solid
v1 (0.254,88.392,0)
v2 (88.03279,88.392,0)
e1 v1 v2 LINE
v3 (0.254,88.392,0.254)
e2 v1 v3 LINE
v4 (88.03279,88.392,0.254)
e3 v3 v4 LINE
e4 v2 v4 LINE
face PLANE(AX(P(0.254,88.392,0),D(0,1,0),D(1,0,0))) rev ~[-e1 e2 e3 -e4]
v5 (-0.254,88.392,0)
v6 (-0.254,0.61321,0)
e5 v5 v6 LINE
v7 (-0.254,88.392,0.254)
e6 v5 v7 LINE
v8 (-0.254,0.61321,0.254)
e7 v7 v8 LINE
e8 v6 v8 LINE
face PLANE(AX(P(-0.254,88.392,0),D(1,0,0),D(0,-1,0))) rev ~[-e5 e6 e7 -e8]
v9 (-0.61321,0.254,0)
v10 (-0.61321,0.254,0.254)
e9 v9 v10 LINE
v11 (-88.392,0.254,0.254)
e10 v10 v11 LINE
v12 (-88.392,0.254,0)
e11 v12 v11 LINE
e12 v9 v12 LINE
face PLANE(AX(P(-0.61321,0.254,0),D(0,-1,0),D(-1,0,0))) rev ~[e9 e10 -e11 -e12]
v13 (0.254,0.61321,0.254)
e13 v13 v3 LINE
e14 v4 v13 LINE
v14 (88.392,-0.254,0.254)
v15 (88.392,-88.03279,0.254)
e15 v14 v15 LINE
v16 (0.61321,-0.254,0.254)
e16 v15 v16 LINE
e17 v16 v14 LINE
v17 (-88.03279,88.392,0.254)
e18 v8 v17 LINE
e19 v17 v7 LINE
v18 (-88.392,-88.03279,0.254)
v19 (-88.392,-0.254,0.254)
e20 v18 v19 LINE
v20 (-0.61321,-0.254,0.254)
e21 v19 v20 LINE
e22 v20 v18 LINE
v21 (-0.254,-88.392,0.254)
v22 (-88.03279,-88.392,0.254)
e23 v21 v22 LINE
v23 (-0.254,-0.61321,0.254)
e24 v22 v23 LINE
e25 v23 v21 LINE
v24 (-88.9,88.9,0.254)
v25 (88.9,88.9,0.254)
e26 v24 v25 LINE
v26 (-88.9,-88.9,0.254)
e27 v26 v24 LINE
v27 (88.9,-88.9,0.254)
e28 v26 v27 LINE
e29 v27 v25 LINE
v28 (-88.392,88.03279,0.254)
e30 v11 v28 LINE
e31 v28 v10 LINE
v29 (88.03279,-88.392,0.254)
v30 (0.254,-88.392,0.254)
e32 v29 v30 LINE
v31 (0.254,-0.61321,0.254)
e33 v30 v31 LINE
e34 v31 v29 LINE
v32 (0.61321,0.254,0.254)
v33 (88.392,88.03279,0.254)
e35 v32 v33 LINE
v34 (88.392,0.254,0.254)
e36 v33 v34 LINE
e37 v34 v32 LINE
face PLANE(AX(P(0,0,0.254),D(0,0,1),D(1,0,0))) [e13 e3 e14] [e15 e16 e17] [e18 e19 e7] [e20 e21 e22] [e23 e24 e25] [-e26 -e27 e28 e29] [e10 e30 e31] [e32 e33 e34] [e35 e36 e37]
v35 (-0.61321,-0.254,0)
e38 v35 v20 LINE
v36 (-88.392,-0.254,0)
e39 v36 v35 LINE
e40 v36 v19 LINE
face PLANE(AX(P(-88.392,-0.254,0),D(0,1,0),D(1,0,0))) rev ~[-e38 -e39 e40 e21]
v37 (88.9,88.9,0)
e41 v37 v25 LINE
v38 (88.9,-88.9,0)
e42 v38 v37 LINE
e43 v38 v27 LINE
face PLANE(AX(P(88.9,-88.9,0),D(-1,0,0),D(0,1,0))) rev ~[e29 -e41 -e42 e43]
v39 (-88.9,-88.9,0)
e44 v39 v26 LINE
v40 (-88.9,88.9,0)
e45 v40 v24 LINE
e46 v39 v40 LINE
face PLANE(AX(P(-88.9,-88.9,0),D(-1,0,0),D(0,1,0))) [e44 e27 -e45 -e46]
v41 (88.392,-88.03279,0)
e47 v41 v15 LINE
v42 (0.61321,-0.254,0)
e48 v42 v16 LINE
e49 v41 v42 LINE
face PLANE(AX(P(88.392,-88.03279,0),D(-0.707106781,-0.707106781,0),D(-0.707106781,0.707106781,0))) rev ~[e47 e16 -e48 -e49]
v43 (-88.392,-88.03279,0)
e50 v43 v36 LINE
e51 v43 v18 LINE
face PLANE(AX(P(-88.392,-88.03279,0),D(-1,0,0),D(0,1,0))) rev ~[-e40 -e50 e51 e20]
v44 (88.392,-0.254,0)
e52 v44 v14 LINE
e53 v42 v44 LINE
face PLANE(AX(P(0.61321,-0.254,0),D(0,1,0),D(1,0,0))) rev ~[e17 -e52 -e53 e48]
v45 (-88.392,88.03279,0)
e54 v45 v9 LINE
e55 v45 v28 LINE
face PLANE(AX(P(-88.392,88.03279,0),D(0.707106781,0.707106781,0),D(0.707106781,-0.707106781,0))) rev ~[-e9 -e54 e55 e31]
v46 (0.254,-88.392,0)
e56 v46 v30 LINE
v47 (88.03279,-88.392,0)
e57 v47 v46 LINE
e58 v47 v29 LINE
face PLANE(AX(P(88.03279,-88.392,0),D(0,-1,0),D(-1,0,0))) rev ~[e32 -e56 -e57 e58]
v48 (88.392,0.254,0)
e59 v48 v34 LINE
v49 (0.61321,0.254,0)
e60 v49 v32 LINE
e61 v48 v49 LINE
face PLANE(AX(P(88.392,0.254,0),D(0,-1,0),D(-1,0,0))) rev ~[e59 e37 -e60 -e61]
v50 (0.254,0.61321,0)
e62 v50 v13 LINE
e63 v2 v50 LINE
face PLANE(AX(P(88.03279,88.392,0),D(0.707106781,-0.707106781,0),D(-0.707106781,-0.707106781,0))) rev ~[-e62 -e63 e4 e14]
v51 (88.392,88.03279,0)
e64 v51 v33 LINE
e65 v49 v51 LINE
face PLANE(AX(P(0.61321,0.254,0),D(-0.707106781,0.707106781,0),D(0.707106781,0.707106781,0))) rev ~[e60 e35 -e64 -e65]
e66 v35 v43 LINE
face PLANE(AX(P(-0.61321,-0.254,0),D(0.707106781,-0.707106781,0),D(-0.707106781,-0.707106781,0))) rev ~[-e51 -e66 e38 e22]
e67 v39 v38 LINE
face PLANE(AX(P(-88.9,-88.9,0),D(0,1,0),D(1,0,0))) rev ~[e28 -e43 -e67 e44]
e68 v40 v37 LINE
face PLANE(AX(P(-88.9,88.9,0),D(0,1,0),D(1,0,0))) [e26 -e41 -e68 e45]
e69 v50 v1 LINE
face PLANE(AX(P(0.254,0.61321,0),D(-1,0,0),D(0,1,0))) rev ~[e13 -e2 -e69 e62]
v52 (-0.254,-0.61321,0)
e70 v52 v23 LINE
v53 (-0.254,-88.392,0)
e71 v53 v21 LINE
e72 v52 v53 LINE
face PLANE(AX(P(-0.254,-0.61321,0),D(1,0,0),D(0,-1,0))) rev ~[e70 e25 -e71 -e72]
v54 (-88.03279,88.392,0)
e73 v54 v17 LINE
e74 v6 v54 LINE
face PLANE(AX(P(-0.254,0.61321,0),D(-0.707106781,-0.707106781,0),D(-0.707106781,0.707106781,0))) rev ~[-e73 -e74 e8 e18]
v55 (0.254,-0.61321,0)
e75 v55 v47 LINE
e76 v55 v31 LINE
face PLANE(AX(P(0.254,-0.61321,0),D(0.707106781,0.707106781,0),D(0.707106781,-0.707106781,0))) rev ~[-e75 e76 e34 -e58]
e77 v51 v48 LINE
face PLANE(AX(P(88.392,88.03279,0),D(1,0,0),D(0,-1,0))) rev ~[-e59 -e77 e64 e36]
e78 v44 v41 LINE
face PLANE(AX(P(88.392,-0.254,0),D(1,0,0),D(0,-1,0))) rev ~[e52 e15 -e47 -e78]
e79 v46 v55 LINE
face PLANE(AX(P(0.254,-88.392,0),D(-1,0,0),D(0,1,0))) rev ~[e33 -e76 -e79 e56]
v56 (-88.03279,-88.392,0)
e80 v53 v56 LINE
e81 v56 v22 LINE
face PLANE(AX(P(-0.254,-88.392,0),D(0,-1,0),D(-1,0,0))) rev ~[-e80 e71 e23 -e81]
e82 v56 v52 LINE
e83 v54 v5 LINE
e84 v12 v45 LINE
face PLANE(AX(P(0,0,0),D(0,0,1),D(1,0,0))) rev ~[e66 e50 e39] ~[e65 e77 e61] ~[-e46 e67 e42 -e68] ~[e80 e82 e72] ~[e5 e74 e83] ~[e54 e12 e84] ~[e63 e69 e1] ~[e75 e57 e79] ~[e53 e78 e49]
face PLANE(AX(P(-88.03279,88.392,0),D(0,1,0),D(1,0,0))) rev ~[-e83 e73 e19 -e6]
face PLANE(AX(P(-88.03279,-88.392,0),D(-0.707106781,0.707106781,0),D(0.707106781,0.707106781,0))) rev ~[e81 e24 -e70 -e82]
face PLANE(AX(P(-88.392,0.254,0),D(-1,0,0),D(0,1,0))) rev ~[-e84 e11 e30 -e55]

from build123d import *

# Parameters (mm, degrees)
F1_W     = 177.8
F1_H     = 177.8
F2_DEPTH = 0.254


with BuildPart() as f2:
    # F1 (on Top) → F2 (new body)
    with BuildSketch(Plane.XY):
        Rectangle(F1_W, F1_H)
        Polygon((-0.254, -88.392), (-88.03279, -88.392), (-0.254, -0.61321), align=None, mode=Mode.SUBTRACT)
        Polygon((-0.61321, -0.254), (-88.392, -88.03279), (-88.392, -0.254), align=None, mode=Mode.SUBTRACT)
        Polygon((88.03279, -88.392), (0.254, -88.392), (0.254, -0.61321), align=None, mode=Mode.SUBTRACT)
        Polygon((88.392, -0.254), (88.392, -88.03279), (0.61321, -0.254), align=None, mode=Mode.SUBTRACT)
        Polygon((-88.392, 0.254), (-88.392, 88.03279), (-0.61321, 0.254), align=None, mode=Mode.SUBTRACT)
        Polygon((-0.254, 0.61321), (-88.03279, 88.392), (-0.254, 88.392), align=None, mode=Mode.SUBTRACT)
        Polygon((0.61321, 0.254), (88.392, 88.03279), (88.392, 0.254), align=None, mode=Mode.SUBTRACT)
        Polygon((0.254, 0.61321), (0.254, 88.392), (88.03279, 88.392), align=None, mode=Mode.SUBTRACT)
    extrude(amount=F2_DEPTH)


solid = f2.part
